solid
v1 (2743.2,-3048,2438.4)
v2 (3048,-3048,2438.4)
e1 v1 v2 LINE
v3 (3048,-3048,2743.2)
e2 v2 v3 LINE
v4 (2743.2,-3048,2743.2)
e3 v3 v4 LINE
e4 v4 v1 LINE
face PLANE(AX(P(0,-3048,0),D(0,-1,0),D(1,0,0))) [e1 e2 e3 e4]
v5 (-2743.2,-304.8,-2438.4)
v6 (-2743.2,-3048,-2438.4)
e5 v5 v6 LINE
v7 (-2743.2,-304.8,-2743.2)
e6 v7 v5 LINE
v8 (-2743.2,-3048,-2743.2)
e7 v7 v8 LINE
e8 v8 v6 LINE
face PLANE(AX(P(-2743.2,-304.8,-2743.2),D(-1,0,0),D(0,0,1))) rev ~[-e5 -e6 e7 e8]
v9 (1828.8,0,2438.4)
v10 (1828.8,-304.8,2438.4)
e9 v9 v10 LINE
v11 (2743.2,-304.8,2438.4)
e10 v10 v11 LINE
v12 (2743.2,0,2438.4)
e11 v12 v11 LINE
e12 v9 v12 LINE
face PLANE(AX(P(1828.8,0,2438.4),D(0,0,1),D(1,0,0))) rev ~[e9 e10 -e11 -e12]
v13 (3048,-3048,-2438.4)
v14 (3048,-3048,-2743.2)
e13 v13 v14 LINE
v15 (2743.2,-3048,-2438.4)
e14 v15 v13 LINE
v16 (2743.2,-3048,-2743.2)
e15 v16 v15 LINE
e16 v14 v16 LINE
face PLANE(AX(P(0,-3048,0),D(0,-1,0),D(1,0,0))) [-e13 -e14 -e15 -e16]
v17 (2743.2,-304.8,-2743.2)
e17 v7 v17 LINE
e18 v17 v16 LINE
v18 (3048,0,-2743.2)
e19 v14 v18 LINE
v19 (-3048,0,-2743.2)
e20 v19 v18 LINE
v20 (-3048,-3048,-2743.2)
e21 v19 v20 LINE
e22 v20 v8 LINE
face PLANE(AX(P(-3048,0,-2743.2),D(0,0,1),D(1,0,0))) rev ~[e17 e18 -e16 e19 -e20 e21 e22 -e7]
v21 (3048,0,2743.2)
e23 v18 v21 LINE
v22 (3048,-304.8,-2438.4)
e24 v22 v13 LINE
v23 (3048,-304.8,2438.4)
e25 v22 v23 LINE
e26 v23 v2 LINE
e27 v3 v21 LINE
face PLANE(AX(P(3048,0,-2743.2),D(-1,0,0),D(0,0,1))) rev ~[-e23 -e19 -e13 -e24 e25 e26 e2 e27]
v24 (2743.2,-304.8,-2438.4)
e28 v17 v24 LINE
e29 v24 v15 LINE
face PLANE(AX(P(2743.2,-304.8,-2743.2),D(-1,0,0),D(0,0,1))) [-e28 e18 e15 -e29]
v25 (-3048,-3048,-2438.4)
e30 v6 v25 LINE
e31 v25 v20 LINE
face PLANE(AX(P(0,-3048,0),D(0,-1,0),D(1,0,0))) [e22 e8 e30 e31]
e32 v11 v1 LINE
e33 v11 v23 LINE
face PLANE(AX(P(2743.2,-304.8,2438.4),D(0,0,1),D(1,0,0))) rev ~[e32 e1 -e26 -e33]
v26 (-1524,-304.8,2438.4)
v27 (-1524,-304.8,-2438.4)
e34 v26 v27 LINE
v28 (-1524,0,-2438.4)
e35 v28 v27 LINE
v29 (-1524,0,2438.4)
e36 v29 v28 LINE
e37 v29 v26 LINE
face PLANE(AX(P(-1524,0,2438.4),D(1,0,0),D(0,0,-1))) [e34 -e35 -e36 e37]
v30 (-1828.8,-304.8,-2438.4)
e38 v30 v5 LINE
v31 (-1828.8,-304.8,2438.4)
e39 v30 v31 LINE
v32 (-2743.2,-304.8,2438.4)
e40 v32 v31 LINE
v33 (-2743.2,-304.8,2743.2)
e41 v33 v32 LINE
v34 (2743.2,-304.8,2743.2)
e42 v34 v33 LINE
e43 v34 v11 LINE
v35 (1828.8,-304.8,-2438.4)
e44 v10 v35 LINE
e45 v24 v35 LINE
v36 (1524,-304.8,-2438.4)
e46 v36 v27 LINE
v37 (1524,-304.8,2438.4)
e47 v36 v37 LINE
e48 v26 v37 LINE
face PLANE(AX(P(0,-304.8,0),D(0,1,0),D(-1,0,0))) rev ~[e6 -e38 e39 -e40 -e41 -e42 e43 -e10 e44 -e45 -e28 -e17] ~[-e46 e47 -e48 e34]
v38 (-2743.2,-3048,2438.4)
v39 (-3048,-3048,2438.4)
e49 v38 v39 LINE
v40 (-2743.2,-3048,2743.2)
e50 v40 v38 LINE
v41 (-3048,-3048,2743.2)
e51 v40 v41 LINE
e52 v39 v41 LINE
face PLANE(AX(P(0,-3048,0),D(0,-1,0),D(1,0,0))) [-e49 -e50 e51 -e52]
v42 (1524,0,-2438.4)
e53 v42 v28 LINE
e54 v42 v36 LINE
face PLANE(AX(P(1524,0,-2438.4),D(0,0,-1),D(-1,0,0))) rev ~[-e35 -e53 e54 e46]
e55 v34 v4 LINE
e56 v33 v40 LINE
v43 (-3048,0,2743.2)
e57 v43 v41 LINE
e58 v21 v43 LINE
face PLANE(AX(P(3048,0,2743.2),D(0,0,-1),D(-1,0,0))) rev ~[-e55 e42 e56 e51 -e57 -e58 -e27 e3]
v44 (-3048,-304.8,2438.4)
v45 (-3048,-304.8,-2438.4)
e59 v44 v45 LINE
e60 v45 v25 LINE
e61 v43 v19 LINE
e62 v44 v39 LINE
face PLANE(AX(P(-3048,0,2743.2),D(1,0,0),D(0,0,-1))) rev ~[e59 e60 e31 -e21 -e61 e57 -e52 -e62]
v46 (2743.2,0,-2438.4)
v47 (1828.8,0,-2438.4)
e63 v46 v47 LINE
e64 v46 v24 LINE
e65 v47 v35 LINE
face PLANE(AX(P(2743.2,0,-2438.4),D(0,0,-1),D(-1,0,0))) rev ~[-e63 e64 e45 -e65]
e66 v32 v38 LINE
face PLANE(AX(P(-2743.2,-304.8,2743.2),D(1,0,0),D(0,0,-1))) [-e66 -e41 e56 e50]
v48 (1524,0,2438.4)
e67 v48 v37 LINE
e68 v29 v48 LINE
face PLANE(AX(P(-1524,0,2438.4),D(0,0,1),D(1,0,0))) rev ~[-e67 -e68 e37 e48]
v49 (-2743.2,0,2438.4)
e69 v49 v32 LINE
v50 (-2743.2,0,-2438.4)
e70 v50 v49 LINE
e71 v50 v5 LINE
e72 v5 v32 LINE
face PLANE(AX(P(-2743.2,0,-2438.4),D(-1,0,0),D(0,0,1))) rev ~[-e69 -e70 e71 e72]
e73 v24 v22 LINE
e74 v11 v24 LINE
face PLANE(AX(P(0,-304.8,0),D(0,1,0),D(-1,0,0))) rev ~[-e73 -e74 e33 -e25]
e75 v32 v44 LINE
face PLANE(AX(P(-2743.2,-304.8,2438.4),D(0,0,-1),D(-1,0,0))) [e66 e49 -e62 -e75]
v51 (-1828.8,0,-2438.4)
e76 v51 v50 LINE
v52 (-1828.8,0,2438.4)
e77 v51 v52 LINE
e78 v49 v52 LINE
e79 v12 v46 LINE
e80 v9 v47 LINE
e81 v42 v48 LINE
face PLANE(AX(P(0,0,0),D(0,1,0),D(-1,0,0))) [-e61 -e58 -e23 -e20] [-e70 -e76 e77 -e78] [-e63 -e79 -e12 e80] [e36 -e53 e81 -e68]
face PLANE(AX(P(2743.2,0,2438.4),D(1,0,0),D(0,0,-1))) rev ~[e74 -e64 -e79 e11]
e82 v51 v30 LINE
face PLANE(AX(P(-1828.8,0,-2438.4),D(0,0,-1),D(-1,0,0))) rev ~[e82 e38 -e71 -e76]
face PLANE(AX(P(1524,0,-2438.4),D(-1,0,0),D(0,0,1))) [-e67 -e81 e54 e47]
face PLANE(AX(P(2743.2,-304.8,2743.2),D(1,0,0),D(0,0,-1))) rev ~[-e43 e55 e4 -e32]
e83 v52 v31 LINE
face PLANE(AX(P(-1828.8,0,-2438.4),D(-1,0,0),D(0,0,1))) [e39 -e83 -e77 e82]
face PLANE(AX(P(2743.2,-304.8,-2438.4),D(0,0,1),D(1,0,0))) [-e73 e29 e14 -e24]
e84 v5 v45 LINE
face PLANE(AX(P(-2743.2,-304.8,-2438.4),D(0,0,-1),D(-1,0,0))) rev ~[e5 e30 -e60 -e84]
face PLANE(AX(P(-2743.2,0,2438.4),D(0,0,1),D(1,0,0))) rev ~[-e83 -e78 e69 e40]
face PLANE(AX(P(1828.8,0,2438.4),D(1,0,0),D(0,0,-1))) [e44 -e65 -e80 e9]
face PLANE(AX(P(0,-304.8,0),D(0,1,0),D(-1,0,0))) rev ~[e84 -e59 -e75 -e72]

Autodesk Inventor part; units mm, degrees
ref_plane "YZ Plane" through (0, 0, 0) normal (1, 0, 0) x (0, 1, 0)
ref_plane "XZ Plane" through (0, 0, 0) normal (0, 1, 0) x (-1, 0, 0)
ref_plane "XY Plane" through (0, 0, 0) normal (0, 0, 1) x (1, 0, 0)
sketch "Sketch1" plane through (0, 0, 0) normal (0, 1, 0) x (-1, 0, 0)
  line L0 (-3048, 2743.2) -> (3048, 2743.2)
  line L1 (3048, 2743.2) -> (3048, -2743.2)
  line L2 (3048, -2743.2) -> (-3048, -2743.2)
  line L3 (-3048, -2743.2) -> (-3048, 2743.2)
  line L4 (-3048, 2743.2) -> (3048, -2743.2) construction
  line L5 (3048, 2743.2) -> (-3048, -2743.2) construction
  line L6 (2743.2, -2438.4) -> (2743.2, 2438.4)
  line L7 (-2743.2, 2438.4) -> (-2743.2, -2438.4)
  line L8 (1524, 2438.4) -> (1524, -2438.4)
  line L9 (1828.8, -2438.4) -> (1828.8, 2438.4)
  line L10 (-1524, -2438.4) -> (-1524, 2438.4)
  line L11 (-1828.8, 2438.4) -> (-1828.8, -2438.4)
  line L12 (1828.8, -2438.4) -> (2743.2, -2438.4)
  line L13 (-1828.8, 2438.4) -> (-2743.2, 2438.4)
  line L14 (-2743.2, -2438.4) -> (-1828.8, -2438.4)
  line L15 (-1524, -2438.4) -> (1524, -2438.4)
  line L16 (2743.2, 2438.4) -> (1828.8, 2438.4)
  line L17 (1524, 2438.4) -> (-1524, 2438.4)
  point P0 (0, 0)
  dimension "d0" = 6096
  dimension "d1" = 5486.4
  dimension "d3" = 304.8
  dimension "d4" = 914.4
  dimension "d5" = 914.4
  dimension "d6" = 304.8
  dimension "d7" = 304.8
  dimension "d8" = 304.8
  dimension "d10" = 304.8
  dimension "d11" = 304.8
extrude "Extrusion1" add sketch "Sketch1" against normal blind 304.8
sketch "Sketch2" plane through (0, -304.8, 0) normal (0, -1, 0) x (1, 0, 0)
  line L0 (1828.8, -2438.4) -> (2743.2, -2438.4) projected
  line L1 (2743.2, -2438.4) -> (3048, -2438.4)
  line L2 (3048, -2438.4) -> (3048, -2743.2)
  line L3 (3048, -2743.2) -> (2743.2, -2743.2)
  line L4 (2743.2, -2743.2) -> (2743.2, -2438.4)
  line L5 (-1828.8, -2438.4) -> (-2743.2, -2438.4) projected
  line L6 (-3048, -2743.2) -> (3048, -2743.2) projected
  line L7 (-2743.2, -2438.4) -> (-3048, -2438.4)
  line L8 (-3048, -2438.4) -> (-3048, -2743.2)
  line L9 (-3048, -2743.2) -> (-2743.2, -2743.2)
  line L10 (-2743.2, -2743.2) -> (-2743.2, -2438.4)
  line L11 (-2743.2, -2438.4) -> (-2743.2, 2438.4) projected
  line L12 (3048, 2743.2) -> (-3048, 2743.2) projected
  line L13 (-2743.2, 2438.4) -> (-3048, 2438.4)
  line L14 (-3048, 2438.4) -> (-3048, 2743.2)
  line L15 (-3048, 2743.2) -> (-2743.2, 2743.2)
  line L16 (-2743.2, 2743.2) -> (-2743.2, 2438.4)
  line L17 (2743.2, 2438.4) -> (1828.8, 2438.4) projected
  line L18 (3048, 2743.2) -> (2743.2, 2743.2)
  line L19 (2743.2, 2743.2) -> (2743.2, 2438.4)
  line L20 (2743.2, 2438.4) -> (3048, 2438.4)
  line L21 (3048, 2438.4) -> (3048, 2743.2)
  point P0 (0, 0)
extrude "Extrusion2" add sketch "Sketch2" along normal blind 2743.2
properties part number "Game Desogn Truss" material "Iron, Gray"
